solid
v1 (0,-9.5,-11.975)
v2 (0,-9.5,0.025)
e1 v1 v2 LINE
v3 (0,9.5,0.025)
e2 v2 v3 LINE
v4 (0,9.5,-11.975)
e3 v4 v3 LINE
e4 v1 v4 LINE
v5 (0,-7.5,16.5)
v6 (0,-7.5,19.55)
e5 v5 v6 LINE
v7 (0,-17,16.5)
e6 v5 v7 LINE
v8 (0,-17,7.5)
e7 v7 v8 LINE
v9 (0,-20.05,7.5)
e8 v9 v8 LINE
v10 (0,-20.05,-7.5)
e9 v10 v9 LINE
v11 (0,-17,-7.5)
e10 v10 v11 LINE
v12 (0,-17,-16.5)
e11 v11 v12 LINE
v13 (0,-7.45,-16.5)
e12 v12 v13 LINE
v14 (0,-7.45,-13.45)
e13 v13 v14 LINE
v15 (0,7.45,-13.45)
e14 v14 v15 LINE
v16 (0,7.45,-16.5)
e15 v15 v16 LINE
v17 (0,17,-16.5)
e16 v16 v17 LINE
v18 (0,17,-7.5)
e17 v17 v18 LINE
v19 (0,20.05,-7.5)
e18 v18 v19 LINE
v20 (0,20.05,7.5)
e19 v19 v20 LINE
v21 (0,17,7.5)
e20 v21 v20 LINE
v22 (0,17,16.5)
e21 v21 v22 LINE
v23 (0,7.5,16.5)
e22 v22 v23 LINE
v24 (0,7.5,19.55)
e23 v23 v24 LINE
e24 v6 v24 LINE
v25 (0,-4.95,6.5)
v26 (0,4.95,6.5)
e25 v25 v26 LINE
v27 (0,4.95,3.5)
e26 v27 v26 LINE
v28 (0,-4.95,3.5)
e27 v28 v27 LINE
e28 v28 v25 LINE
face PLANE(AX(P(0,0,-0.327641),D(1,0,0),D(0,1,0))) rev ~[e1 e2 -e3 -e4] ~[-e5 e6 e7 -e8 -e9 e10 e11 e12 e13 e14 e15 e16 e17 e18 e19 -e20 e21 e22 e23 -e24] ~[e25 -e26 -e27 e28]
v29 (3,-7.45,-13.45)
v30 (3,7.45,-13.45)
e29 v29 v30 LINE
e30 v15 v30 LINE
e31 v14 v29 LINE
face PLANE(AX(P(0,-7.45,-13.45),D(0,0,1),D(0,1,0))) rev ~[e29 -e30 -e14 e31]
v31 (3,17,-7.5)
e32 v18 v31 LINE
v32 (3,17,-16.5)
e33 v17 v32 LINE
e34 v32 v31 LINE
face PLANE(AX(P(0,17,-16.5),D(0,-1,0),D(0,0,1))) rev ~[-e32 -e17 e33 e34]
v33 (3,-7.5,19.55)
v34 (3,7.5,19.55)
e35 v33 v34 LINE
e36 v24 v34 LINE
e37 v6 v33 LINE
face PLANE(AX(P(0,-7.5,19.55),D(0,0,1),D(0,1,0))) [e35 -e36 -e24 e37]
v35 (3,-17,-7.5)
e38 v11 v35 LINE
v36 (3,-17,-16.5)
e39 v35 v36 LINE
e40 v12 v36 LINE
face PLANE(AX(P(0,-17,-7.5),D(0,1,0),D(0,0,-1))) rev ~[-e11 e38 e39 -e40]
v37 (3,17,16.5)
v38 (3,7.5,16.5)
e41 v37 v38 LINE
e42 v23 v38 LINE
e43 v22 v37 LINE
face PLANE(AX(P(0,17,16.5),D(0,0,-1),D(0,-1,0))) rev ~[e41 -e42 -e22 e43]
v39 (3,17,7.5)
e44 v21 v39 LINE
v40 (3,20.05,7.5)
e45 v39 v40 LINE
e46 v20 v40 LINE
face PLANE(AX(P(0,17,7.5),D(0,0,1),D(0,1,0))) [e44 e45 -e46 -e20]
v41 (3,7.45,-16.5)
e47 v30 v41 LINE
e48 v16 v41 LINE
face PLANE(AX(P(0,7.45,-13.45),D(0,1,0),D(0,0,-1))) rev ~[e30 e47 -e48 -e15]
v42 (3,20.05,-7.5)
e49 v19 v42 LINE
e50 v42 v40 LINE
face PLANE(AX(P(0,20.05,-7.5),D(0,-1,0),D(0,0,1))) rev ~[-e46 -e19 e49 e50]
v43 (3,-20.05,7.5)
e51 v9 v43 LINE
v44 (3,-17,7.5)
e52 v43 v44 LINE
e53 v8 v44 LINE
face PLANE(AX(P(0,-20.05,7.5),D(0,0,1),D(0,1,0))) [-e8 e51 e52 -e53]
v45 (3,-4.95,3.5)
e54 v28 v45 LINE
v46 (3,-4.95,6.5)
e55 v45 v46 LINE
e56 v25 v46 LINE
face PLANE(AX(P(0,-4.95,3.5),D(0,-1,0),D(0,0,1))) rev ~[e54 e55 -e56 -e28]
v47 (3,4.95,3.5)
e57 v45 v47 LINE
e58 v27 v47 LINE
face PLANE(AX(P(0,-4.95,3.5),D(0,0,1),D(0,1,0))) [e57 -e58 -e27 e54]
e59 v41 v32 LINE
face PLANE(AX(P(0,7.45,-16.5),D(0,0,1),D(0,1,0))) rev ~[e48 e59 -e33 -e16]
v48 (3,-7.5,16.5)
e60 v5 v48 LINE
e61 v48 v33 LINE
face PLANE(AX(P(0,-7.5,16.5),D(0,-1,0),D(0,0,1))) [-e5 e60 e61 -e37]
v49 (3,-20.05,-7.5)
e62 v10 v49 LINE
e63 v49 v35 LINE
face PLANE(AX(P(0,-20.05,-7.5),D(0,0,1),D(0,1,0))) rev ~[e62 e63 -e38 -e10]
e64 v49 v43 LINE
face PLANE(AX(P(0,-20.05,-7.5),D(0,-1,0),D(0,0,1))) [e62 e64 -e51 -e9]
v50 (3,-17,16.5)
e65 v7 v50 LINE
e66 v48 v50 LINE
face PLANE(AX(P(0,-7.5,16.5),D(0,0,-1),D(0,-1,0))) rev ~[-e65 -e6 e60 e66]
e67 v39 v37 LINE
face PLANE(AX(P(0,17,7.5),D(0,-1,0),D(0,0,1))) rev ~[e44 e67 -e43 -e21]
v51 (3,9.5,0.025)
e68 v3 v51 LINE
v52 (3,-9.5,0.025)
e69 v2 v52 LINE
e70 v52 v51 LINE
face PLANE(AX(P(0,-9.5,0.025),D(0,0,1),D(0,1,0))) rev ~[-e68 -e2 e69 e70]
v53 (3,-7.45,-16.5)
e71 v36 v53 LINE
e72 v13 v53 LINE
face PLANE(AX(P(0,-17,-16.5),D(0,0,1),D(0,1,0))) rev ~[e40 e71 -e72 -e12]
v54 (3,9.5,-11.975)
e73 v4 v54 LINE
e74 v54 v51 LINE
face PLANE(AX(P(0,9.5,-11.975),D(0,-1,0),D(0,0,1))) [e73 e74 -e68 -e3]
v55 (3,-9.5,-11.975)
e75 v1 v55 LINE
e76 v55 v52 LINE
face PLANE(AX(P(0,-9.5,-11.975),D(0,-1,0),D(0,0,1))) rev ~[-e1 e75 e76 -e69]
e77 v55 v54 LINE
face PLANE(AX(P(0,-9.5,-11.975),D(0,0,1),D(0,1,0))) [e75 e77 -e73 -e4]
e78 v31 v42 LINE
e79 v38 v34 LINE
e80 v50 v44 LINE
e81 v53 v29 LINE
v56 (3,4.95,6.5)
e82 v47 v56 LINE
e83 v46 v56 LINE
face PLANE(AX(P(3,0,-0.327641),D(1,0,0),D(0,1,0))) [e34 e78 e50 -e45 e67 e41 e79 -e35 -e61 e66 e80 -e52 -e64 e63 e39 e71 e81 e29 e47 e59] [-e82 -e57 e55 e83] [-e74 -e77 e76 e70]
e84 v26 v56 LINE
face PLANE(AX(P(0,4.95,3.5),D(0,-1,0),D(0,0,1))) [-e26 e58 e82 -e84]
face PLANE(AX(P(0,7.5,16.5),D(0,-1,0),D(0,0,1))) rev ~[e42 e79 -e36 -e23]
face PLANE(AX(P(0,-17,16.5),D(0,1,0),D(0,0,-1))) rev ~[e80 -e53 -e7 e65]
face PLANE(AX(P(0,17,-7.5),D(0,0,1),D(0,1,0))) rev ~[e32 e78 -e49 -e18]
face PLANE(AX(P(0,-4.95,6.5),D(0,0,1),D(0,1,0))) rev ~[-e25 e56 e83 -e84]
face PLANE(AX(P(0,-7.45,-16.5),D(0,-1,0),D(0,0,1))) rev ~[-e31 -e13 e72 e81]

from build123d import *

# Parameters (mm, degrees)
F0_W     = 19
F0_H     = 12
F0_W_2   = 9.9
F0_H_2   = 3
F0_W_3   = 15
F0_H_3   = 3.05
F0_W_4   = 3.05
F0_H_4   = 15
F1_DEPTH = 3


with BuildPart() as f1:
    # F0 (on Right) → F1 (new body)
    with BuildSketch(Plane.YZ):
        Polygon((17, 7.5), (17, 16.5), (7.5, 16.5), (-7.5, 16.5), (-17, 16.5), (-17, 7.5), (-17, -7.5), (-17, -16.5), (-7.45, -16.5), (-7.45, -13.45), (7.45, -13.45), (7.45, -16.5), (17, -16.5), (17, -7.5), align=None)
        with Locations((0, -5.975)):
            Rectangle(F0_W, F0_H, mode=Mode.SUBTRACT)
        with Locations((0, 5)):
            Rectangle(F0_W_2, F0_H_2, mode=Mode.SUBTRACT)
        with Locations((0, 18.025)):
            Rectangle(F0_W_3, F0_H_3)
        with Locations((-18.525, 0)):
            Rectangle(F0_W_4, F0_H_4)
        with Locations((18.525, 0)):
            Rectangle(F0_W_4, F0_H_4)
    extrude(amount=F1_DEPTH)


solid = f1.part
